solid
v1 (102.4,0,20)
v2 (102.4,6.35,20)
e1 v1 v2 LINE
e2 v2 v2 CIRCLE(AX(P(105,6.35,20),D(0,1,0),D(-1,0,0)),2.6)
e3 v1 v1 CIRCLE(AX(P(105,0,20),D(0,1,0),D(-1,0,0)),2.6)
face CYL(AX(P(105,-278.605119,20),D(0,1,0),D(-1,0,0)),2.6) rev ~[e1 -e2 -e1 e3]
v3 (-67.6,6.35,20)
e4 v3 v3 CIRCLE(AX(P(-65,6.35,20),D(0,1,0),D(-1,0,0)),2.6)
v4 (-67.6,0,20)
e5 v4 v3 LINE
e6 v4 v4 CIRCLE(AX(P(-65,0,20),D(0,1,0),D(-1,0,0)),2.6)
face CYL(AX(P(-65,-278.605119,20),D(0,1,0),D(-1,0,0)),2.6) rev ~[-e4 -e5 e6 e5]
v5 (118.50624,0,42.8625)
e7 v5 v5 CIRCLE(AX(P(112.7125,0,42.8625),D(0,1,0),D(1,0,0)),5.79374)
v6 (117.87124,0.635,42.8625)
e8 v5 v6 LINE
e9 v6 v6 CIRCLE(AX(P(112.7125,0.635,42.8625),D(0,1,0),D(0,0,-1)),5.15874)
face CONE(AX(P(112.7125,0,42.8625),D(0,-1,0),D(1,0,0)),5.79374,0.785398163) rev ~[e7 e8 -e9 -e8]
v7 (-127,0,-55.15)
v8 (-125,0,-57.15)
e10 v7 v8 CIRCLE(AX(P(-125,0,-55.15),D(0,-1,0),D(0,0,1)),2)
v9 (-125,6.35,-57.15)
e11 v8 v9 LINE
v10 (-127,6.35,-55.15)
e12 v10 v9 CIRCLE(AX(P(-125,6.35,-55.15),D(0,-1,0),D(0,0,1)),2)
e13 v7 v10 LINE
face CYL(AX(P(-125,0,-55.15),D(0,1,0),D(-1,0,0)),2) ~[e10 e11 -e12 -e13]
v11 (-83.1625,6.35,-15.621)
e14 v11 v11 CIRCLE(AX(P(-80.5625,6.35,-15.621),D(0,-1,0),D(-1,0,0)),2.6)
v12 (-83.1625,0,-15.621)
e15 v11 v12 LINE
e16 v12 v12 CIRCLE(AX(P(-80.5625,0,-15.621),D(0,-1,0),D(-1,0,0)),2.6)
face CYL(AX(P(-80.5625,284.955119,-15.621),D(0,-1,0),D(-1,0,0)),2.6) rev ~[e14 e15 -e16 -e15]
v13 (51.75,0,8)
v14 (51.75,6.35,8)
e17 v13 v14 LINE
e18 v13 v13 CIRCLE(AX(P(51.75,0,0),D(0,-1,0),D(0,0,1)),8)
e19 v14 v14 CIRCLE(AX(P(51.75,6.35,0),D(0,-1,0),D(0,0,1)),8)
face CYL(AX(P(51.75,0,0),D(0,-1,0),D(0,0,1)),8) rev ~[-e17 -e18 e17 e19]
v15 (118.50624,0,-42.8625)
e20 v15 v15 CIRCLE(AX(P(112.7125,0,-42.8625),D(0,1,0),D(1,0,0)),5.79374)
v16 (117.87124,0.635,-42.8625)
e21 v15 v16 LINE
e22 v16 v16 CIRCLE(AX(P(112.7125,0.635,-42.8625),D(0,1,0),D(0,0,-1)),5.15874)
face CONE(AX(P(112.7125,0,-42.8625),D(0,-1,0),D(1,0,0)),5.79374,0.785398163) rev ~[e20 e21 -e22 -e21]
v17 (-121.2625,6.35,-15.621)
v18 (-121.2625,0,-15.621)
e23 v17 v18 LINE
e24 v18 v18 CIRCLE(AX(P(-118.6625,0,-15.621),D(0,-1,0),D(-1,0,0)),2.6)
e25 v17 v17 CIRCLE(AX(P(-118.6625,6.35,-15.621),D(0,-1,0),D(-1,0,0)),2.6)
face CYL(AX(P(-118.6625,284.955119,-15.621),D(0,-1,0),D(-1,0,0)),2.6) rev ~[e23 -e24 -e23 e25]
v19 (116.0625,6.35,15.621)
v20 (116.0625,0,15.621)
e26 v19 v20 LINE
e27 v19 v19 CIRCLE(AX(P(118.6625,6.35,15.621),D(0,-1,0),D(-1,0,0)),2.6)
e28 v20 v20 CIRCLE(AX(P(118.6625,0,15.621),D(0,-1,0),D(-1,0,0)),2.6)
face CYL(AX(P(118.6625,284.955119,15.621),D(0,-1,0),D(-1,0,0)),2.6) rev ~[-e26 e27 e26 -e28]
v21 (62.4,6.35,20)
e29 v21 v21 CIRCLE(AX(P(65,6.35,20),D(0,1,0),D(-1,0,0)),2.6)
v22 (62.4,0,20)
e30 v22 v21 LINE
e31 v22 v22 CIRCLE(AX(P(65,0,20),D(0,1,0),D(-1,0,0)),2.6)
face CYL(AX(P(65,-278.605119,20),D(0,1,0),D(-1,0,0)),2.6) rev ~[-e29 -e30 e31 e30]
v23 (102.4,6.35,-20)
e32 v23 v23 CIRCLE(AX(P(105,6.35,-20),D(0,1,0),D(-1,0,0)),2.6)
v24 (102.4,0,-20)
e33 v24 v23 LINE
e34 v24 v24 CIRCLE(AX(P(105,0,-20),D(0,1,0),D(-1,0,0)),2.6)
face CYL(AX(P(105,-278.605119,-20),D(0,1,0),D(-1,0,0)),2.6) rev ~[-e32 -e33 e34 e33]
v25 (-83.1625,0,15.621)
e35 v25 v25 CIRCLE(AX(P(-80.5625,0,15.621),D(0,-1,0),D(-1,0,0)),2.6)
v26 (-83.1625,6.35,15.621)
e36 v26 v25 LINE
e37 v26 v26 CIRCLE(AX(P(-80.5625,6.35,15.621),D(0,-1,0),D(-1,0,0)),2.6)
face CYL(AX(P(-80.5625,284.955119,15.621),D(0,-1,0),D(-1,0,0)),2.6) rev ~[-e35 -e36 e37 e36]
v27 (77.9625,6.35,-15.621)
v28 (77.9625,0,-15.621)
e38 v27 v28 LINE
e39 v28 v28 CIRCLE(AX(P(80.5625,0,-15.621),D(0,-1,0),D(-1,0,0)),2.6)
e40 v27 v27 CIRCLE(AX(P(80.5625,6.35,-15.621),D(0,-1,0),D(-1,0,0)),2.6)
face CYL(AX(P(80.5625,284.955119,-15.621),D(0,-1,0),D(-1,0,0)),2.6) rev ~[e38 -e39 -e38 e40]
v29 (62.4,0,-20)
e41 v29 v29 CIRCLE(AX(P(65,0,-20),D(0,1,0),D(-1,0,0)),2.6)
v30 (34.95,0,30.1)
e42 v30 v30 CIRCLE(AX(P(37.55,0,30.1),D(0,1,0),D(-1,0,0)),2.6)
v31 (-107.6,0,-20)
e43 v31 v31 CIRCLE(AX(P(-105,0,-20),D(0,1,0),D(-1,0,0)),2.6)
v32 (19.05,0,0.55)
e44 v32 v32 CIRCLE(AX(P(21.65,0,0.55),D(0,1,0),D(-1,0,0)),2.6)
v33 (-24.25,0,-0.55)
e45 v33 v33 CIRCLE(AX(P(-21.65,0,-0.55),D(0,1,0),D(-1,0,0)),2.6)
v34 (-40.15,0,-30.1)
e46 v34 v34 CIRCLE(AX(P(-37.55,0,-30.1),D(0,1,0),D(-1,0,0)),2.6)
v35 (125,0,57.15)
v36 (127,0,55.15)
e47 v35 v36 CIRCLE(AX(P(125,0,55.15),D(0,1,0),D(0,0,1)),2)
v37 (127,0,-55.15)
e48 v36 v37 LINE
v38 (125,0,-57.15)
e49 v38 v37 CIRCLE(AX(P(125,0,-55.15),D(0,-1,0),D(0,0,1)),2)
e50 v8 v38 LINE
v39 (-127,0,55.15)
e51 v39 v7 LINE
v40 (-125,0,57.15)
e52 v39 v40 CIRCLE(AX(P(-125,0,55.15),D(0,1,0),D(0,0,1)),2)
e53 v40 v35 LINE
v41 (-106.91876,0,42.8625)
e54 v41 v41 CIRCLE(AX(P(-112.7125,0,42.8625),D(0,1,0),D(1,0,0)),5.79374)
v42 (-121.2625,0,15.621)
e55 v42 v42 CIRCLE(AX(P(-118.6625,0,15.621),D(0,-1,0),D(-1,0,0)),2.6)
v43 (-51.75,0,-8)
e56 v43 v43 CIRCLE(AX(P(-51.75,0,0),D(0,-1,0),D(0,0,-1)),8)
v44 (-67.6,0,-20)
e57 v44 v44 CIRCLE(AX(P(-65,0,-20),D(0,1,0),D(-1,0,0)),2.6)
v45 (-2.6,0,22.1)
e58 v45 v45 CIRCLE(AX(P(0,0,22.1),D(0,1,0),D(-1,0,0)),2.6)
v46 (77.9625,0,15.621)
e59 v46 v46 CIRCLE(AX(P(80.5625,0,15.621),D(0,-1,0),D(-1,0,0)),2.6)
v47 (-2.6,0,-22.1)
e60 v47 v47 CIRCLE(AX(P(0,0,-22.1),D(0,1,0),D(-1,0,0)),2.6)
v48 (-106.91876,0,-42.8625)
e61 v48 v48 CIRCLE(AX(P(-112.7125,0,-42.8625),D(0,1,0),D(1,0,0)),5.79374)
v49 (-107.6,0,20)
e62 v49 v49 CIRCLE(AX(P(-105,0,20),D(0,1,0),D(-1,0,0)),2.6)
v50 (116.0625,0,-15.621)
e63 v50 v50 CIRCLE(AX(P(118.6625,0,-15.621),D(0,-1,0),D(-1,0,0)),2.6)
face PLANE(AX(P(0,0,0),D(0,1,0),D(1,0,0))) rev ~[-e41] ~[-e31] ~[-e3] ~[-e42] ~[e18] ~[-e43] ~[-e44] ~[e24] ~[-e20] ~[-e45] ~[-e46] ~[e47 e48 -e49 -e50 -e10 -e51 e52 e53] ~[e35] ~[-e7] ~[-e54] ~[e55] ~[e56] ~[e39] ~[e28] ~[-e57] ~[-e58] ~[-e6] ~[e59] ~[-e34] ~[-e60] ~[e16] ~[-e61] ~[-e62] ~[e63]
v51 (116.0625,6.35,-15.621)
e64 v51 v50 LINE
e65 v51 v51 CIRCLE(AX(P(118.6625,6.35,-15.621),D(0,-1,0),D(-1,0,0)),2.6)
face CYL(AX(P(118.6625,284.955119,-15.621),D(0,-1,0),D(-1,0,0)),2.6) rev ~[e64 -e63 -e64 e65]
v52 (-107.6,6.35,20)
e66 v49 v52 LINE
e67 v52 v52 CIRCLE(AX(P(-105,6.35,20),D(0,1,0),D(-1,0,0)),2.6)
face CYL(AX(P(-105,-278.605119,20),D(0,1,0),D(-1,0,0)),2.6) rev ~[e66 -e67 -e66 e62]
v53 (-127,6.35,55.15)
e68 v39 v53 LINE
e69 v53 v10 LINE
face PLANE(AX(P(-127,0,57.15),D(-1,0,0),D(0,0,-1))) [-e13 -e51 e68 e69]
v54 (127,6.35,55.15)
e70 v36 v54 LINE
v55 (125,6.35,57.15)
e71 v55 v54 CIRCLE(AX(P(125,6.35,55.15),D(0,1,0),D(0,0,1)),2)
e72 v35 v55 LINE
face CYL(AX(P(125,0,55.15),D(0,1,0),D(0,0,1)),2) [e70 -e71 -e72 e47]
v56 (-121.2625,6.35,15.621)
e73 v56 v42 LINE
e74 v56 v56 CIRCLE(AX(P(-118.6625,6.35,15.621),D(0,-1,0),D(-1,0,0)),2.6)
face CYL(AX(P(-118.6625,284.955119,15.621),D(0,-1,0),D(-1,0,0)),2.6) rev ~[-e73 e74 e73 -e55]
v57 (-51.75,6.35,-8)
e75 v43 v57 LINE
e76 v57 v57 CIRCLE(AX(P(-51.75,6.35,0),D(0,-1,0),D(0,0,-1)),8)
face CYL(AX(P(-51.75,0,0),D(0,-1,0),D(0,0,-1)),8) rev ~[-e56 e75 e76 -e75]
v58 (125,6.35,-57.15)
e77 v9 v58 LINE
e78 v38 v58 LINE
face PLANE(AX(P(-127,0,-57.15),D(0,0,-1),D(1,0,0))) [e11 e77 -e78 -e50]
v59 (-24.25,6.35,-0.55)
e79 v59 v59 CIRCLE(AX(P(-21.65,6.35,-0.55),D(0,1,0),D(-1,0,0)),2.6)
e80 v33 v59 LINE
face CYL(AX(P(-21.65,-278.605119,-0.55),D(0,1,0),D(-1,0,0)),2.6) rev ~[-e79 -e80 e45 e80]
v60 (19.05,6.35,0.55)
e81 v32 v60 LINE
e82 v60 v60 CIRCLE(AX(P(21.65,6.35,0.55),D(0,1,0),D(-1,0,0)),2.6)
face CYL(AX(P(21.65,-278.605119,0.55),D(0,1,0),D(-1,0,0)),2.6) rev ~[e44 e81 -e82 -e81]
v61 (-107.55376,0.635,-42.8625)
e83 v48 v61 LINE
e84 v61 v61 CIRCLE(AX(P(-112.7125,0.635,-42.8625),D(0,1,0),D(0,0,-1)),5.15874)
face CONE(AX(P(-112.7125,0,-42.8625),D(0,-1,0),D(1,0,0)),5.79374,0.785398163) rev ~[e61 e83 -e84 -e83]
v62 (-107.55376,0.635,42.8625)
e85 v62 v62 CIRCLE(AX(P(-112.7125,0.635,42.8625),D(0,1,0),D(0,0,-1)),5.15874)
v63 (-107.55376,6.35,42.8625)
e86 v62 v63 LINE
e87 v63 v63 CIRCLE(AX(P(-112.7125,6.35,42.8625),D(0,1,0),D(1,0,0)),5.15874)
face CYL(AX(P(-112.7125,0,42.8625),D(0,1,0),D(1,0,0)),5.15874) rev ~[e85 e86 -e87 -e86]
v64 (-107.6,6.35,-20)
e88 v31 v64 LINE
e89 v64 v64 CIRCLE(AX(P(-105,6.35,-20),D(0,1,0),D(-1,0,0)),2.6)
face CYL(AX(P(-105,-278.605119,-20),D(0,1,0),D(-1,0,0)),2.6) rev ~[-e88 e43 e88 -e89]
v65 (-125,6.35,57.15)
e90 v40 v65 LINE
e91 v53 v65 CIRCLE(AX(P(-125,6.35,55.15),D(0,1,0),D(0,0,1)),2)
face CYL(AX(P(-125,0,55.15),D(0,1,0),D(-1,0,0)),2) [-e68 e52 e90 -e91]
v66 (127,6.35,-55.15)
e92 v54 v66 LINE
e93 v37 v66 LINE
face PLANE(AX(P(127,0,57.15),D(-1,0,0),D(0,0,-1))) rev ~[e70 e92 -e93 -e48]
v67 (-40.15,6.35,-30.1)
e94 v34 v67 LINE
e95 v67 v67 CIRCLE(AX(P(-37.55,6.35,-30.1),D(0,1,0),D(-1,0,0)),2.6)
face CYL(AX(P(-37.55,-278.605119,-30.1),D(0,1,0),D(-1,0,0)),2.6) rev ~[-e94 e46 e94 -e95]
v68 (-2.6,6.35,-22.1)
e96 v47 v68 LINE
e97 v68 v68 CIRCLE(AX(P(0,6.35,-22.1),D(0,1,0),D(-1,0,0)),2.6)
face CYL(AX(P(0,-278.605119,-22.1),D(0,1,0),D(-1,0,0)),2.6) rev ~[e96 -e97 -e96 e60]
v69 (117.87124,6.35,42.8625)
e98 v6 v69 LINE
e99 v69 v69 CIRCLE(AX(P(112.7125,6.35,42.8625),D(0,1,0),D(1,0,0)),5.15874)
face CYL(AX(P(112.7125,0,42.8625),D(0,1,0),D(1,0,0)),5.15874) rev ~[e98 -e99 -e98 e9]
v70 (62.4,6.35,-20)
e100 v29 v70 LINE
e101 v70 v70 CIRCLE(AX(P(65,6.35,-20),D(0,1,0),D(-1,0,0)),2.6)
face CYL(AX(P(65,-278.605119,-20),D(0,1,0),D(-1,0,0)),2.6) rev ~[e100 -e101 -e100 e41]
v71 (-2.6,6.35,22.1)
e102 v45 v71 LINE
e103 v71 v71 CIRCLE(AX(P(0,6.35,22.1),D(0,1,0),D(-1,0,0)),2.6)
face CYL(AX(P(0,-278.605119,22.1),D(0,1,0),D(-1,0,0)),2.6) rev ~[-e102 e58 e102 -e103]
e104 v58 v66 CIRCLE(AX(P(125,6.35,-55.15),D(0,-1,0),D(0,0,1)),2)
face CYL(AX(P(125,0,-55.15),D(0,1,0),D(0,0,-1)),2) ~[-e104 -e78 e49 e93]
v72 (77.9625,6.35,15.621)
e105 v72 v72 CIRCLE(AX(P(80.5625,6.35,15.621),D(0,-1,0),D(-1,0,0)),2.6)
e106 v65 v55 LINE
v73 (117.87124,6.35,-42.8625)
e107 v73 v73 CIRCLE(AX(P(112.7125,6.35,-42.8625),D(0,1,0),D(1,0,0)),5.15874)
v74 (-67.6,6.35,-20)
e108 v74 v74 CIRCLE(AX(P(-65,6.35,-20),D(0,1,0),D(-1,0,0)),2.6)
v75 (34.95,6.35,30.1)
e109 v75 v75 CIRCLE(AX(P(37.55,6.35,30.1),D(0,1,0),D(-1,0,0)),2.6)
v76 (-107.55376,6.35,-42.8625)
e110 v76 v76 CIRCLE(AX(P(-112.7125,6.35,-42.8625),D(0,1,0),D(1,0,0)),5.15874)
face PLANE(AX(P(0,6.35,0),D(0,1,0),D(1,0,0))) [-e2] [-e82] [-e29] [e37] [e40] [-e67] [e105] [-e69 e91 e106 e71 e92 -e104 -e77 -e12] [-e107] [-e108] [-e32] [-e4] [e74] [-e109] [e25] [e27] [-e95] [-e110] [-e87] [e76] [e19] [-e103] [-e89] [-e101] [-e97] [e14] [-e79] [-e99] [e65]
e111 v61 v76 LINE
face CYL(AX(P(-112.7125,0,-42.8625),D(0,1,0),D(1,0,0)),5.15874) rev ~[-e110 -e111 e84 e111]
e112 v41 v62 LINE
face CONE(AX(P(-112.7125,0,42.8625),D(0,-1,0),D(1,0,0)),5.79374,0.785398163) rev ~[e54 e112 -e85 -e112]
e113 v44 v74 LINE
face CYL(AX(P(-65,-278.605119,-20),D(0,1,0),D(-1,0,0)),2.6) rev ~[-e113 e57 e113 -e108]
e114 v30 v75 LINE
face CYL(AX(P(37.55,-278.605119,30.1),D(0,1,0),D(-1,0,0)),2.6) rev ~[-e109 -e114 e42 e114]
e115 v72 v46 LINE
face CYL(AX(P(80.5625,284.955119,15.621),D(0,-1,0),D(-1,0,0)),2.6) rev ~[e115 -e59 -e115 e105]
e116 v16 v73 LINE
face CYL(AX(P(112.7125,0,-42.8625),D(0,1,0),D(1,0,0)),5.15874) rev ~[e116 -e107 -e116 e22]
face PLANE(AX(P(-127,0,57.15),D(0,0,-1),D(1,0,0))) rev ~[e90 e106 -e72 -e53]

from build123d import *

# Parameters (mm, degrees)
SKETCH1_W                         = 254
SKETCH1_H                         = 114.3
BOSS_EXTRUDE1_DEPTH               = 6.35
M3_CLEARANCE_HOLE1_D              = 5.2
F_3_8_CLEARANCE_HOLE1_D           = 10.31748
F_3_8_CLEARANCE_HOLE1_CSINK_D     = 11.58748
F_3_8_CLEARANCE_HOLE1_CSINK_ANGLE = 90
M3_CLEARANCE_HOLE2_D              = 5.2
FILLET1_R                         = 2
M3_CLEARANCE_HOLE4_D              = 5.2
SKETCH18_R                        = 8
CUT_EXTRUDE1_DEPTH                = 140.411064841


with BuildPart() as part:
    # Sketch1 → Boss-Extrude1 (new body)
    with BuildSketch(Plane(origin=(0, 0, 0), x_dir=(1, 0, 0), z_dir=(0, 1, 0))):
        Rectangle(SKETCH1_W, SKETCH1_H)
    extrude(amount=BOSS_EXTRUDE1_DEPTH)

    # M3 Clearance Hole1 (through all)
    with Locations(Plane(origin=(0, 6.35, 0), x_dir=(1, 0, 0), z_dir=(0, 1, 0))):
        with Locations((-80.5625, -15.621), (-80.5625, 15.621), (-118.6625, -15.621), (-118.6625, 15.621), (118.6625, -15.621), (80.5625, -15.621), (80.5625, 15.621), (118.6625, 15.621)):
            Hole(M3_CLEARANCE_HOLE1_D / 2)

    # 3/8 Clearance Hole1 (through all)
    with Locations(Plane(origin=(0, 0, 0), x_dir=(-1, 0, 0), z_dir=(0, -1, 0))):
        with Locations((-112.7125, 42.8625), (-112.7125, -42.8625), (112.7125, -42.8625), (112.7125, 42.8625)):
            CounterSinkHole(F_3_8_CLEARANCE_HOLE1_D / 2, F_3_8_CLEARANCE_HOLE1_CSINK_D / 2, counter_sink_angle=F_3_8_CLEARANCE_HOLE1_CSINK_ANGLE)

    # M3 Clearance Hole2 (through all)
    with Locations(Plane.XZ):
        with Locations((105, 20), (65, -20), (105, -20), (65, 20), (-65, -20), (-65, 20), (-105, 20), (-105, -20)):
            Hole(M3_CLEARANCE_HOLE2_D / 2)

    # Fillet1
    fillet1_edges = [part.edges().sort_by_distance(p)[0] for p in [
        (-127, 3.175, -57.15),
        (127, 3.175, -57.15),
        (127, 3.175, 57.15),
        (-127, 3.175, 57.15),
    ]]
    fillet(fillet1_edges, radius=FILLET1_R)

    # M3 Clearance Hole4 (through all)
    with Locations(Plane.XZ):
        with Locations((0, -22.1), (-21.65, -0.55), (-37.55, -30.1), (37.55, 30.1), (21.65, 0.55), (0, 22.1)):
            Hole(M3_CLEARANCE_HOLE4_D / 2)

    # Sketch18 → Cut-Extrude1 (cut, through all)
    with BuildSketch(Plane.XZ):
        with Locations(Location((-51.75, 0, 0), (0, 0, 270))):
            Circle(SKETCH18_R)
        with Locations(Location((51.75, 0, 0), (0, 0, 90))):
            Circle(SKETCH18_R)
    extrude(amount=-CUT_EXTRUDE1_DEPTH, mode=Mode.SUBTRACT)


solid = part.part
